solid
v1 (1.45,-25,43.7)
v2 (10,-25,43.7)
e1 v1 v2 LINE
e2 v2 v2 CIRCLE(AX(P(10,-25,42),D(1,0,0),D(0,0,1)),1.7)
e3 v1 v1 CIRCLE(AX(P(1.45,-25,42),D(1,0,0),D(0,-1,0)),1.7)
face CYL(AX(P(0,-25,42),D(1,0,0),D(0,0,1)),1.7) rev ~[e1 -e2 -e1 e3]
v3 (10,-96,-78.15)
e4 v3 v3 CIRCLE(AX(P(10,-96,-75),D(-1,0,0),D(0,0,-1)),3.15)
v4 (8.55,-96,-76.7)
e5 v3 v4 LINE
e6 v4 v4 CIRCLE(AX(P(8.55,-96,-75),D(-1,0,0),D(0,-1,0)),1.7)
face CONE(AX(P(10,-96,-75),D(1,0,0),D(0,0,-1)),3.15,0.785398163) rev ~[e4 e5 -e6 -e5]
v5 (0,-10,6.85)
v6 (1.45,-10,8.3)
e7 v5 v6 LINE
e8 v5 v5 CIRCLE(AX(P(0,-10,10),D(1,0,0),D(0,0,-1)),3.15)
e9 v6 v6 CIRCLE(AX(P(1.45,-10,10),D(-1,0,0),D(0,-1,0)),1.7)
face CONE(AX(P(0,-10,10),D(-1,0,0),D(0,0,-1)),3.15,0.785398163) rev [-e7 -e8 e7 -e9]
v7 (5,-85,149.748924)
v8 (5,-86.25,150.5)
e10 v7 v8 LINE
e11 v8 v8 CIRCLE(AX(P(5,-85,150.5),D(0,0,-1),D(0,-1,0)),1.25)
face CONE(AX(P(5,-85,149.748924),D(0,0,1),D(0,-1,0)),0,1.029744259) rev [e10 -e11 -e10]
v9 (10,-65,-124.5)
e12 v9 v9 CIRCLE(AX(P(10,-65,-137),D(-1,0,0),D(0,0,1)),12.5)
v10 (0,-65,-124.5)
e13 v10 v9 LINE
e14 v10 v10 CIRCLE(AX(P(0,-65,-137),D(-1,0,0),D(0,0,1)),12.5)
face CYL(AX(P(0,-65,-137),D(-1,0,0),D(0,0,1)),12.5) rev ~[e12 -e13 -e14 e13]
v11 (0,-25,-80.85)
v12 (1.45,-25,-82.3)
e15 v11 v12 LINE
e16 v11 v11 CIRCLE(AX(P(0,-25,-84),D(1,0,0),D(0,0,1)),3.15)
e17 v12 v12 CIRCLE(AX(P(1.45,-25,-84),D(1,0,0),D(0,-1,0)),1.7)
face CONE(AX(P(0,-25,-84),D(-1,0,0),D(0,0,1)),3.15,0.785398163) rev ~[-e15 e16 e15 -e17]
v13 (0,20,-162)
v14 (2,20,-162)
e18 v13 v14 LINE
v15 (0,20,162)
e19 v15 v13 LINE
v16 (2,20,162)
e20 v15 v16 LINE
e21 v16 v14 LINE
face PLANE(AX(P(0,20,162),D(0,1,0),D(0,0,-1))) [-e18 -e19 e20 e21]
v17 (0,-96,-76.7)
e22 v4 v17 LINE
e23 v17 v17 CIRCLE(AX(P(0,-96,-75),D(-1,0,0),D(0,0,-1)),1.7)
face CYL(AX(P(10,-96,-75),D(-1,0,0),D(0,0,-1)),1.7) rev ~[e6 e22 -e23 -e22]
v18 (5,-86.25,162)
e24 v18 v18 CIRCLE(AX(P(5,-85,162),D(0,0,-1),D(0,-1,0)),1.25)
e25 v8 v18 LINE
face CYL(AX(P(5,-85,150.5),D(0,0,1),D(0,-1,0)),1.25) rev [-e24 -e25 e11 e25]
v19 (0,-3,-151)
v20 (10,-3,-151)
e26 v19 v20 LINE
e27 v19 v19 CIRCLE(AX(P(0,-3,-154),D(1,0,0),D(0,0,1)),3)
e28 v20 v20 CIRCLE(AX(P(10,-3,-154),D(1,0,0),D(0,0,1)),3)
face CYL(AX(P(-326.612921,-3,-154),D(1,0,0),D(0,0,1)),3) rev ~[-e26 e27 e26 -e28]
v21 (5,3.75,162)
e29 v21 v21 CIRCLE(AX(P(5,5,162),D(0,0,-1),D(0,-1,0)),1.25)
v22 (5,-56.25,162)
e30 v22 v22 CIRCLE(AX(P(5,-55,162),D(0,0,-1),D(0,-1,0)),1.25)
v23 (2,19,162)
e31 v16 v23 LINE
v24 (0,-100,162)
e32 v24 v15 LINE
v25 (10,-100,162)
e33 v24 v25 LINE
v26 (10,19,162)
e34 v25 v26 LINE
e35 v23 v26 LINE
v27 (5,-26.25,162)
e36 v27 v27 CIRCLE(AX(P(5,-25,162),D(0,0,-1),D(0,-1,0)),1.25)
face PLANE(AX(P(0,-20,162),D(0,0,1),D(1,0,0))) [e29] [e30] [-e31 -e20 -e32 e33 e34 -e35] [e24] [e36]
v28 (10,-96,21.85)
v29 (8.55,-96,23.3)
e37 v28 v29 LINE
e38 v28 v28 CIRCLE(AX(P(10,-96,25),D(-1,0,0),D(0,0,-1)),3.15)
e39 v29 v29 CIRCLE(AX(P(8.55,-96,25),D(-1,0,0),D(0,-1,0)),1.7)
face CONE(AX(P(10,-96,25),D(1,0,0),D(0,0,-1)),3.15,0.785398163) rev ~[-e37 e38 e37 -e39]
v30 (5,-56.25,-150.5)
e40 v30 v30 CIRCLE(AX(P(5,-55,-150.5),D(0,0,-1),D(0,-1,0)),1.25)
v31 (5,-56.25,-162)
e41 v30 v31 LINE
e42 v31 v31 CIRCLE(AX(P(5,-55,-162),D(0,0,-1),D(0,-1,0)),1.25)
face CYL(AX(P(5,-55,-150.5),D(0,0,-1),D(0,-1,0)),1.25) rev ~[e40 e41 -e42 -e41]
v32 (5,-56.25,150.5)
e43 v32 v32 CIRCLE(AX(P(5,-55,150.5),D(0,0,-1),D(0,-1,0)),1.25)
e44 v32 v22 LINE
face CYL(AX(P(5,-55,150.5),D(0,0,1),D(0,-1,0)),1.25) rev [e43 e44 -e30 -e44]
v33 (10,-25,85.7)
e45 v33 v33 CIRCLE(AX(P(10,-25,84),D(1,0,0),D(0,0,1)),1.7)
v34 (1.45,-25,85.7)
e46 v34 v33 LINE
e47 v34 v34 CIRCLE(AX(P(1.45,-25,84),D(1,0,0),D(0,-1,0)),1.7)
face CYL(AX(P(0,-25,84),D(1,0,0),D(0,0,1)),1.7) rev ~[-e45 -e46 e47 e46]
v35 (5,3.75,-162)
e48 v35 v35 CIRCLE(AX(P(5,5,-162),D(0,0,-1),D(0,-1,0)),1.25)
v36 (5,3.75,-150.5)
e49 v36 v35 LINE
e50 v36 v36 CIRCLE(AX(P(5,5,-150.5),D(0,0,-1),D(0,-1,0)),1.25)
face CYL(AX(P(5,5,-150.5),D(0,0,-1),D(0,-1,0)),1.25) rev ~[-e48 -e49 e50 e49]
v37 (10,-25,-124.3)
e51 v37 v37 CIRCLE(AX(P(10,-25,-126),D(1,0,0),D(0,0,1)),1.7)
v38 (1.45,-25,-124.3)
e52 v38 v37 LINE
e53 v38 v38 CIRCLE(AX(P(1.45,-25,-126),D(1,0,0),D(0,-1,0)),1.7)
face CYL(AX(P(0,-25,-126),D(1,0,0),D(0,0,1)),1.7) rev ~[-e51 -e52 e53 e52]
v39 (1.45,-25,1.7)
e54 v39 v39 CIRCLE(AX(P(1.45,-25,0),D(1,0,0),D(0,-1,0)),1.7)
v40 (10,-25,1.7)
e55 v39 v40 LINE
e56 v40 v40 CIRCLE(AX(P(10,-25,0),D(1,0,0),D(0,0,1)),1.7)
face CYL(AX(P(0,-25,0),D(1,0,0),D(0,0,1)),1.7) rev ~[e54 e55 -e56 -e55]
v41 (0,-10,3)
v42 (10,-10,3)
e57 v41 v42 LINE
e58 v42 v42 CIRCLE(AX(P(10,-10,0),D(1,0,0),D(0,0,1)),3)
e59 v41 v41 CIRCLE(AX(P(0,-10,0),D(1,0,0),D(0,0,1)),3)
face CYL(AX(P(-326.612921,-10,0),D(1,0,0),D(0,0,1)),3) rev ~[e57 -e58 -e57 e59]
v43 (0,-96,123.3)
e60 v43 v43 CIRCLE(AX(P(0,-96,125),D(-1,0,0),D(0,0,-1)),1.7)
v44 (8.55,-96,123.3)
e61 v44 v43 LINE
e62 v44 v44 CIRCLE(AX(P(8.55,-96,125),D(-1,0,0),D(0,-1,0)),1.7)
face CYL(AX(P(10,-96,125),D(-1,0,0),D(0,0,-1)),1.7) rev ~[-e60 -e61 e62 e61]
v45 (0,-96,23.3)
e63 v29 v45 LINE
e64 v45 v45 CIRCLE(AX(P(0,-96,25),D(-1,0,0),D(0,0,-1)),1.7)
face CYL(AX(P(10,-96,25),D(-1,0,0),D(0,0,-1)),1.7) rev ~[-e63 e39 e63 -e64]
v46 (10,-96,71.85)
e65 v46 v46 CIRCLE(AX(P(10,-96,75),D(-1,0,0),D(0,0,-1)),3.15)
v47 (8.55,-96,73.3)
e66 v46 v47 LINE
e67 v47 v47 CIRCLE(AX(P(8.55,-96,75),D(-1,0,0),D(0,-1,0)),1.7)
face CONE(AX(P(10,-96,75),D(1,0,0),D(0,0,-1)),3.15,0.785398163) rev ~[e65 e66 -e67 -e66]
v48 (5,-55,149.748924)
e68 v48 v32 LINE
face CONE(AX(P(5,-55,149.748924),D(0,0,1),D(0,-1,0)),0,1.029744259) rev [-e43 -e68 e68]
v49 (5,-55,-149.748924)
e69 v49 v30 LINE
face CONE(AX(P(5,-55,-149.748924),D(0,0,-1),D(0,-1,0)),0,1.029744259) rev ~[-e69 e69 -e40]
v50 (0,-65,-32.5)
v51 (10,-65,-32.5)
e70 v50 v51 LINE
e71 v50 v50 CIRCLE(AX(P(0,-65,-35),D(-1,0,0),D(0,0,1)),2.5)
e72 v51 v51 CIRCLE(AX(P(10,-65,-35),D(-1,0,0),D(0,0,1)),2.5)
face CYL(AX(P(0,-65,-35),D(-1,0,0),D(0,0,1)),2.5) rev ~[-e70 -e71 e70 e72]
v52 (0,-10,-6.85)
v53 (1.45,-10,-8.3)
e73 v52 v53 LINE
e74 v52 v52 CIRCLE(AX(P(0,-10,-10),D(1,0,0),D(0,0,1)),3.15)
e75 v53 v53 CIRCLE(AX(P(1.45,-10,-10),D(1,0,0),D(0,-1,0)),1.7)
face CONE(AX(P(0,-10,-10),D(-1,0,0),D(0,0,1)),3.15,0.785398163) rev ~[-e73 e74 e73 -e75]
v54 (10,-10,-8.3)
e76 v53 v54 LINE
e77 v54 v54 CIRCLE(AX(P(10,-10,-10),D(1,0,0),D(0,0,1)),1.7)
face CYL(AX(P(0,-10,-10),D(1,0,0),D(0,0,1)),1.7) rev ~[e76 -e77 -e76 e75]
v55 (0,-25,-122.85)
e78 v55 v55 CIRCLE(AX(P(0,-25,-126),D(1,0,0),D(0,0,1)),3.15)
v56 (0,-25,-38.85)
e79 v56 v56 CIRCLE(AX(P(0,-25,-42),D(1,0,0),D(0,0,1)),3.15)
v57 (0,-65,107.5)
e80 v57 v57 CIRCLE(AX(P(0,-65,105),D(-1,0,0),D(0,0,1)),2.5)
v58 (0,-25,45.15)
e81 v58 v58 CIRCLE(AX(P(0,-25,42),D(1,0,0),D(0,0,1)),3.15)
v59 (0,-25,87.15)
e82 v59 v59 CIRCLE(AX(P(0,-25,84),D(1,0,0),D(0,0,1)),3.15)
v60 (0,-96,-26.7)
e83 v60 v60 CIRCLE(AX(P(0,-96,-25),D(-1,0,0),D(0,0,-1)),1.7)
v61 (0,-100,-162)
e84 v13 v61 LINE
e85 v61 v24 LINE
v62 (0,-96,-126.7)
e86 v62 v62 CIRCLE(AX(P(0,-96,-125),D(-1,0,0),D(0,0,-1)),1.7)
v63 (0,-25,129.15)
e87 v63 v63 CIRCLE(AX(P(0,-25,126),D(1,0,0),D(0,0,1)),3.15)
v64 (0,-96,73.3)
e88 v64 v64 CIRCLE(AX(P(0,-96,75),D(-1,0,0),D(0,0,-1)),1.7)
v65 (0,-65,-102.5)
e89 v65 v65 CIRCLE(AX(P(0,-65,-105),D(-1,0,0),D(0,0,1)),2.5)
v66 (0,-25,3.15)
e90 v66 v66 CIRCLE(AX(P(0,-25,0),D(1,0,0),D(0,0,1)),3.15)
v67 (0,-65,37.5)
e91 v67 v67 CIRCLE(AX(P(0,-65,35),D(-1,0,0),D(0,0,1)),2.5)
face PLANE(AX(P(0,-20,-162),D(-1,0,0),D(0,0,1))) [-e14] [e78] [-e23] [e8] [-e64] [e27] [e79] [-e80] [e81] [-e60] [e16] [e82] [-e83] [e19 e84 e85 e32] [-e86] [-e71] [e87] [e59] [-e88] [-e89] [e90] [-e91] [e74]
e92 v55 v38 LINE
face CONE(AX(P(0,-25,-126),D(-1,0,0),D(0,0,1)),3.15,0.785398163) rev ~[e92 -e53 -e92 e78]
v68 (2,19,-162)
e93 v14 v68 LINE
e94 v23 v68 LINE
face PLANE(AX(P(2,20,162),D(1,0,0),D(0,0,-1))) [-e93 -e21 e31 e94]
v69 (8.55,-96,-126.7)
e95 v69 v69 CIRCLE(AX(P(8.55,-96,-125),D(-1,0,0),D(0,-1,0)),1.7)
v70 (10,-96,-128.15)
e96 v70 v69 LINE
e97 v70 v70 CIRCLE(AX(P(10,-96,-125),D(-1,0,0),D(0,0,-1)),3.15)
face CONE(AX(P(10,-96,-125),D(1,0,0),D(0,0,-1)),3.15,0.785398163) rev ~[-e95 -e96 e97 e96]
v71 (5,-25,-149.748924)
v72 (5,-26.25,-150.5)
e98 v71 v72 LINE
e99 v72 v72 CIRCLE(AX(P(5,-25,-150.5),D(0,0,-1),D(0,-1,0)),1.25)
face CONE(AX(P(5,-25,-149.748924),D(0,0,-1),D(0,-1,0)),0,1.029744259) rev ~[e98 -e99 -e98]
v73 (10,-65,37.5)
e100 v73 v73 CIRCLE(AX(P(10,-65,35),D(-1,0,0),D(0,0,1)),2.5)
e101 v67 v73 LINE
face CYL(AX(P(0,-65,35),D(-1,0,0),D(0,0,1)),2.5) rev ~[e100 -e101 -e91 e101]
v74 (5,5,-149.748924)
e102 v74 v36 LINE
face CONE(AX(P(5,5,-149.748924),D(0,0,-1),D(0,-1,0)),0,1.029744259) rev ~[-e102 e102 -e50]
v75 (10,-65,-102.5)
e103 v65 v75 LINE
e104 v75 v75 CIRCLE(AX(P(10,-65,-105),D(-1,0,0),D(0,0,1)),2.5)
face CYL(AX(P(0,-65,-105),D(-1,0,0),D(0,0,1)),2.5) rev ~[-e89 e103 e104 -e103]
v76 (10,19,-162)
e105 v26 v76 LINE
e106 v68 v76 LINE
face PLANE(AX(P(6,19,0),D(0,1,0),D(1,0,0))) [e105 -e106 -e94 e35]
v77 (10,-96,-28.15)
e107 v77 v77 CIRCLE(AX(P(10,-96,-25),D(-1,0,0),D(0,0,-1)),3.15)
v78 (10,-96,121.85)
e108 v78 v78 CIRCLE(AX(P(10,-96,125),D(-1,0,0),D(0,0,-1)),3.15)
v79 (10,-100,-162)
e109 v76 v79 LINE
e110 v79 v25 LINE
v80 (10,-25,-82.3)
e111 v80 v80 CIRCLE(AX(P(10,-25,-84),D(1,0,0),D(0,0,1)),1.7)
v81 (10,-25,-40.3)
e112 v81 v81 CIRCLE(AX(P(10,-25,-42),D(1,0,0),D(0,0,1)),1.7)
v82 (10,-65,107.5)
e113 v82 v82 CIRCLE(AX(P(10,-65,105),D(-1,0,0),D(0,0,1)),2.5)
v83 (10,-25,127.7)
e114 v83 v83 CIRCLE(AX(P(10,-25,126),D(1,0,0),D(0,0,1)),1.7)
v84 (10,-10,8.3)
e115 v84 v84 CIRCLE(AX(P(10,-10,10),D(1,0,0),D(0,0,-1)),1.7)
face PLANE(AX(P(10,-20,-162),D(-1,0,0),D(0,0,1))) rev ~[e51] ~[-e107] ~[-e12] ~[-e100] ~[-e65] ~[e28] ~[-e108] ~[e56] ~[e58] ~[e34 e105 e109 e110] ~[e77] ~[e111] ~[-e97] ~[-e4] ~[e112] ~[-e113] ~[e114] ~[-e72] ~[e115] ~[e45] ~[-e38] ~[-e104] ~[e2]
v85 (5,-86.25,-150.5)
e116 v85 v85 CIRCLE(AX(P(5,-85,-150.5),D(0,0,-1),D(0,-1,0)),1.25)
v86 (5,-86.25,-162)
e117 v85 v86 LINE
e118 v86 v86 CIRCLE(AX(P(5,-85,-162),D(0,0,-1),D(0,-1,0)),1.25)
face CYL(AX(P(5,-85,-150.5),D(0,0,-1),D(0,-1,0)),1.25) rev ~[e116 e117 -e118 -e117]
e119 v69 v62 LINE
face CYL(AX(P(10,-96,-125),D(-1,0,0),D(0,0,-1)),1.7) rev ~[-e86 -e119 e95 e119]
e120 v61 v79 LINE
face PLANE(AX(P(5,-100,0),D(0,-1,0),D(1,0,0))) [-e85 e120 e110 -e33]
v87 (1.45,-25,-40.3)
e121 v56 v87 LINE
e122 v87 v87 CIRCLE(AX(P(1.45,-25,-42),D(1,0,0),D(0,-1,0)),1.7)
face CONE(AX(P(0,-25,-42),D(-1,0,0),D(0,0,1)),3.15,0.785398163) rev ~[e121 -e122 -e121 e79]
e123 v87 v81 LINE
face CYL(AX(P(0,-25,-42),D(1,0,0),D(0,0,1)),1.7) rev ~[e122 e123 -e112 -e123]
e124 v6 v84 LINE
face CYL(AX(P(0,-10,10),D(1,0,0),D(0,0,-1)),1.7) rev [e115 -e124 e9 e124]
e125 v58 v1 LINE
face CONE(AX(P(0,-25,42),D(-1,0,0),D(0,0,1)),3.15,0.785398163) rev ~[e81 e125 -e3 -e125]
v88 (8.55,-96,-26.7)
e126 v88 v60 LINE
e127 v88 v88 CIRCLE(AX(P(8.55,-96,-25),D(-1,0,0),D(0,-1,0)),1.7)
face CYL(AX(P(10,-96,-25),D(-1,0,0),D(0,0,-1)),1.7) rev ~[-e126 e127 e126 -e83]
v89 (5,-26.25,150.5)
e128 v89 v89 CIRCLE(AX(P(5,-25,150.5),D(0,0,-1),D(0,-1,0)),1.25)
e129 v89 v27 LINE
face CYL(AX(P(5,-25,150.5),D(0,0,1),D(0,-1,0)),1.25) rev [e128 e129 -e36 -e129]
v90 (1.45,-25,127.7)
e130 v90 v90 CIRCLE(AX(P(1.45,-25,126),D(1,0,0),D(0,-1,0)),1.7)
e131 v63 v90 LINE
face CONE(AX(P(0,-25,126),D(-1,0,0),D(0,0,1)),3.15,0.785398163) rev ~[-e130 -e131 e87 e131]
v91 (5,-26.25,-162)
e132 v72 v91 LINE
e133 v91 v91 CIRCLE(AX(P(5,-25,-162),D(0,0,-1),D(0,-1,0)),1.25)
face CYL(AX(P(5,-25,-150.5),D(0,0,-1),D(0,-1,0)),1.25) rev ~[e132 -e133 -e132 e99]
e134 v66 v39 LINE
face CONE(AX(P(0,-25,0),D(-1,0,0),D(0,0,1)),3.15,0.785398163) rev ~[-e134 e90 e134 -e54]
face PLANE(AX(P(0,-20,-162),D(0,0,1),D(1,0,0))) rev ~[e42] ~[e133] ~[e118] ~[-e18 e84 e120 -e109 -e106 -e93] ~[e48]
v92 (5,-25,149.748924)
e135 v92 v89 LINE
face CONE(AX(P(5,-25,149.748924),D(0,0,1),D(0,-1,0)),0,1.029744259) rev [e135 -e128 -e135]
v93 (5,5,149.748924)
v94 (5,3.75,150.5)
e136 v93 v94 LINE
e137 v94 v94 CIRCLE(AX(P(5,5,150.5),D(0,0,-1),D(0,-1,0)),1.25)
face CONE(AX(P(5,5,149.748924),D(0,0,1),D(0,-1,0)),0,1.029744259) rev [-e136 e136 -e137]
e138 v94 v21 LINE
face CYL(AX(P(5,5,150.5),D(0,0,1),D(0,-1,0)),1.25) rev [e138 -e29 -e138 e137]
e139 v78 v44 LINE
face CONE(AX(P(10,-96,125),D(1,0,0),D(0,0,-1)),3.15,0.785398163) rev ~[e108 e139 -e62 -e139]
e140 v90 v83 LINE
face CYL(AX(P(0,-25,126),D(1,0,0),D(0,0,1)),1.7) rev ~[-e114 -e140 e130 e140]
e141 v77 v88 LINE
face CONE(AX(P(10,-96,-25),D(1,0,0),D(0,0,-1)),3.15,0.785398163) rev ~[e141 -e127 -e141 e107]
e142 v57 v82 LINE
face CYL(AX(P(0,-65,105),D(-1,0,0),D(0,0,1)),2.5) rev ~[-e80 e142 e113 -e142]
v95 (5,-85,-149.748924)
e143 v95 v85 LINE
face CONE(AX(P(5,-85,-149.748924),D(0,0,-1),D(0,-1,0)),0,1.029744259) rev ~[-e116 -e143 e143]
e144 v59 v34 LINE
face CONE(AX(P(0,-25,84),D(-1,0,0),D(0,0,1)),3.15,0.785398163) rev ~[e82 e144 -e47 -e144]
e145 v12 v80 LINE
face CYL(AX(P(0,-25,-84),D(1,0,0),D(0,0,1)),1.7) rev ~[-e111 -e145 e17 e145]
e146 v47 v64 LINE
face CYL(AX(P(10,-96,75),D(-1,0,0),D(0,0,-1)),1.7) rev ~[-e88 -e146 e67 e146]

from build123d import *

# Parameters (mm, degrees)
SKETCH1_W                                       = 324
SKETCH1_H                                       = 40
BOSS_EXTRUDE1_DEPTH                             = 10
G1_4_TAPPED_HOLE1_D                             = 6
CSK_FOR_M3_COUNTERSUNK_FLAT_HEAD1_D             = 3.4
CSK_FOR_M3_COUNTERSUNK_FLAT_HEAD1_CSINK_D       = 6.3
CSK_FOR_M3_COUNTERSUNK_FLAT_HEAD1_CSINK_ANGLE   = 90
SKETCH9_W                                       = 10
SKETCH9_H                                       = 324
BOSS_EXTRUDE2_DEPTH                             = 80
CSK_FOR_M3_COUNTERSUNK_FLAT_HEAD2_D             = 3.4
CSK_FOR_M3_COUNTERSUNK_FLAT_HEAD2_DEPTH         = 11.5
CSK_FOR_M3_COUNTERSUNK_FLAT_HEAD2_CSINK_D       = 6.3
CSK_FOR_M3_COUNTERSUNK_FLAT_HEAD2_CSINK_ANGLE   = 90
CSK_FOR_M3_COUNTERSUNK_FLAT_HEAD2_TIP           = 1.021463052
M3X0_5_TAPPED_HOLE1_AT_2_COUNT                  = 2
M3X0_5_TAPPED_HOLE1_AT_2_PITCH                  = 30
M3X0_5_TAPPED_HOLE1_AT_3_COUNT                  = 2
M3X0_5_TAPPED_HOLE1_AT_3_PITCH                  = 60
M3X0_5_TAPPED_HOLE1_AT_4_COUNT                  = 2
M3X0_5_TAPPED_HOLE1_AT_4_PITCH                  = 90
SKETCH14_W                                      = 8
SKETCH14_H                                      = 324
CUT_EXTRUDE1_DEPTH                              = 1
CSK_FOR_M3_FLAT_HEAD_MACHINE_SCREW1_D           = 3.4
CSK_FOR_M3_FLAT_HEAD_MACHINE_SCREW1_CSINK_D     = 6.3
CSK_FOR_M3_FLAT_HEAD_MACHINE_SCREW1_CSINK_ANGLE = 90
LPATTERN1_COUNT                                 = 7
LPATTERN1_PITCH                                 = 42
SKETCH18_R                                      = 12.5
SKETCH18_R_2                                    = 2.5
MOD_CUT_DEPTH                                   = 191.641023917


with BuildPart() as part:
    # Sketch1 → Boss-Extrude1 (new body)
    with BuildSketch(Plane(origin=(0, 0, 0), x_dir=(0, 0, -1), z_dir=(1, 0, 0))):
        Rectangle(SKETCH1_W, SKETCH1_H)
    extrude(amount=BOSS_EXTRUDE1_DEPTH)

    # G1/4 Tapped Hole1 (through all)
    with Locations(Plane(origin=(0, -10, 0), x_dir=(0, 0, -1), z_dir=(-1, 0, 0))):
        with Locations((0, 0), (154, -7)):
            Hole(G1_4_TAPPED_HOLE1_D / 2)

    # CSK for M3 Countersunk Flat Head1 (through all)
    with Locations(Plane(origin=(0, -10, -10), x_dir=(0, 0, -1), z_dir=(-1, 0, 0))):
        with Locations((0, 0)):
            csk_for_m3_countersunk_flat_head1 = CounterSinkHole(CSK_FOR_M3_COUNTERSUNK_FLAT_HEAD1_D / 2, CSK_FOR_M3_COUNTERSUNK_FLAT_HEAD1_CSINK_D / 2, counter_sink_angle=CSK_FOR_M3_COUNTERSUNK_FLAT_HEAD1_CSINK_ANGLE)

    # Mirror1: CSK for M3 Countersunk Flat Head1 across plane
    add(csk_for_m3_countersunk_flat_head1.mirror(Plane.XY), mode=Mode.SUBTRACT)

    # Sketch9 → Boss-Extrude2 (add)
    with BuildSketch(Plane.XZ.offset(20)):
        with Locations((5, 0)):
            Rectangle(SKETCH9_W, SKETCH9_H)
    extrude(amount=BOSS_EXTRUDE2_DEPTH)

    # CSK for M3 Countersunk Flat Head2
    with Locations(Plane(origin=(10, -96, 125), x_dir=(0, 0, 1), z_dir=(1, 0, 0))):
        with Locations((0, 0), (-50, 0), (-100, 0), (-150, 0), (-200, 0), (-250, 0)):
            CounterSinkHole(CSK_FOR_M3_COUNTERSUNK_FLAT_HEAD2_D / 2, CSK_FOR_M3_COUNTERSUNK_FLAT_HEAD2_CSINK_D / 2, depth=CSK_FOR_M3_COUNTERSUNK_FLAT_HEAD2_DEPTH, counter_sink_angle=CSK_FOR_M3_COUNTERSUNK_FLAT_HEAD2_CSINK_ANGLE)
            with Locations((0, 0, -(CSK_FOR_M3_COUNTERSUNK_FLAT_HEAD2_DEPTH + CSK_FOR_M3_COUNTERSUNK_FLAT_HEAD2_TIP / 2))):  # 118° drill point
                Cone(0, CSK_FOR_M3_COUNTERSUNK_FLAT_HEAD2_D / 2, CSK_FOR_M3_COUNTERSUNK_FLAT_HEAD2_TIP, mode=Mode.SUBTRACT)

    # Sketch13 → M3x0.5 Tapped Hole1 (revolve, cut)
    with BuildSketch(Plane(origin=(5, 5, 162), x_dir=(0, -1, 0), z_dir=(1, 0, 0))):
        Polygon((0, 0), (0, 12.251075774), (1.25, 11.5), (1.25, 0), align=None)
    m3x0_5_tapped_hole1 = revolve(axis=Axis((5, 5, 168.35), (0, 0, -1)), mode=Mode.SUBTRACT)

    # M3x0.5 Tapped Hole1 at 2: M3x0.5 Tapped Hole1 ×2
    with Locations(*[(0, -i * M3X0_5_TAPPED_HOLE1_AT_2_PITCH, 0) for i in range(1, M3X0_5_TAPPED_HOLE1_AT_2_COUNT)]):
        add(m3x0_5_tapped_hole1, mode=Mode.SUBTRACT)

    # M3x0.5 Tapped Hole1 at 3: M3x0.5 Tapped Hole1 ×2
    with Locations(*[(0, -i * M3X0_5_TAPPED_HOLE1_AT_3_PITCH, 0) for i in range(1, M3X0_5_TAPPED_HOLE1_AT_3_COUNT)]):
        add(m3x0_5_tapped_hole1, mode=Mode.SUBTRACT)

    # M3x0.5 Tapped Hole1 at 4: M3x0.5 Tapped Hole1 ×2
    with Locations(*[(0, -i * M3X0_5_TAPPED_HOLE1_AT_4_PITCH, 0) for i in range(1, M3X0_5_TAPPED_HOLE1_AT_4_COUNT)]):
        add(m3x0_5_tapped_hole1, mode=Mode.SUBTRACT)

    # Mirror2: M3x0.5 Tapped Hole1 across plane
    add(m3x0_5_tapped_hole1.mirror(Plane.XY), mode=Mode.SUBTRACT)

    # Mirror2 copy 1 sketch → Mirror2 copy 1 (revolve, cut)
    with BuildSketch(Plane(origin=(5, -25, -162), x_dir=(0, -1, 0), z_dir=(1, 0, 0))):
        Polygon((0, 0), (0, -12.251075774), (1.25, -11.5), (1.25, 0), align=None)
    revolve(axis=Axis((5, -25, -168.35), (0, 0, -1)), mode=Mode.SUBTRACT)

    # Mirror2 copy 2 sketch → Mirror2 copy 2 (revolve, cut)
    with BuildSketch(Plane(origin=(5, -55, -162), x_dir=(0, -1, 0), z_dir=(1, 0, 0))):
        Polygon((0, 0), (0, -12.251075774), (1.25, -11.5), (1.25, 0), align=None)
    revolve(axis=Axis((5, -55, -168.35), (0, 0, -1)), mode=Mode.SUBTRACT)

    # Mirror2 copy 3 sketch → Mirror2 copy 3 (revolve, cut)
    with BuildSketch(Plane(origin=(5, -85, -162), x_dir=(0, -1, 0), z_dir=(1, 0, 0))):
        Polygon((0, 0), (0, -12.251075774), (1.25, -11.5), (1.25, 0), align=None)
    revolve(axis=Axis((5, -85, -168.35), (0, 0, -1)), mode=Mode.SUBTRACT)

    # Sketch14 → Cut-Extrude1 (cut)
    with BuildSketch(Plane(origin=(0, 20, 0), x_dir=(1, 0, 0), z_dir=(0, 1, 0))):
        with Locations((6, 0)):
            Rectangle(SKETCH14_W, SKETCH14_H)
    extrude(amount=-CUT_EXTRUDE1_DEPTH, mode=Mode.SUBTRACT)

    # CSK for M3 Flat Head Machine Screw1 (through all)
    with Locations(Plane(origin=(0, -25, -126), x_dir=(0, 0, -1), z_dir=(-1, 0, 0))):
        with Locations((0, 0)):
            csk_for_m3_flat_head_machine_screw1 = CounterSinkHole(CSK_FOR_M3_FLAT_HEAD_MACHINE_SCREW1_D / 2, CSK_FOR_M3_FLAT_HEAD_MACHINE_SCREW1_CSINK_D / 2, counter_sink_angle=CSK_FOR_M3_FLAT_HEAD_MACHINE_SCREW1_CSINK_ANGLE)

    # LPattern1: CSK for M3 Flat Head Machine Screw1 ×7
    with Locations(*[(0, 0, i * LPATTERN1_PITCH) for i in range(1, LPATTERN1_COUNT)]):
        add(csk_for_m3_flat_head_machine_screw1, mode=Mode.SUBTRACT)

    # Sketch18 → mod_cut (cut, through all)
    with BuildSketch(Plane.ZY):
        with Locations((-137, -65)):
            Circle(SKETCH18_R)
        with Locations((-105, -65)):
            Circle(SKETCH18_R_2)
        with Locations((-35, -65)):
            Circle(SKETCH18_R_2)
        with Locations((35, -65)):
            Circle(SKETCH18_R_2)
        with Locations((105, -65)):
            Circle(SKETCH18_R_2)
    extrude(amount=-MOD_CUT_DEPTH, mode=Mode.SUBTRACT)


solid = part.part
